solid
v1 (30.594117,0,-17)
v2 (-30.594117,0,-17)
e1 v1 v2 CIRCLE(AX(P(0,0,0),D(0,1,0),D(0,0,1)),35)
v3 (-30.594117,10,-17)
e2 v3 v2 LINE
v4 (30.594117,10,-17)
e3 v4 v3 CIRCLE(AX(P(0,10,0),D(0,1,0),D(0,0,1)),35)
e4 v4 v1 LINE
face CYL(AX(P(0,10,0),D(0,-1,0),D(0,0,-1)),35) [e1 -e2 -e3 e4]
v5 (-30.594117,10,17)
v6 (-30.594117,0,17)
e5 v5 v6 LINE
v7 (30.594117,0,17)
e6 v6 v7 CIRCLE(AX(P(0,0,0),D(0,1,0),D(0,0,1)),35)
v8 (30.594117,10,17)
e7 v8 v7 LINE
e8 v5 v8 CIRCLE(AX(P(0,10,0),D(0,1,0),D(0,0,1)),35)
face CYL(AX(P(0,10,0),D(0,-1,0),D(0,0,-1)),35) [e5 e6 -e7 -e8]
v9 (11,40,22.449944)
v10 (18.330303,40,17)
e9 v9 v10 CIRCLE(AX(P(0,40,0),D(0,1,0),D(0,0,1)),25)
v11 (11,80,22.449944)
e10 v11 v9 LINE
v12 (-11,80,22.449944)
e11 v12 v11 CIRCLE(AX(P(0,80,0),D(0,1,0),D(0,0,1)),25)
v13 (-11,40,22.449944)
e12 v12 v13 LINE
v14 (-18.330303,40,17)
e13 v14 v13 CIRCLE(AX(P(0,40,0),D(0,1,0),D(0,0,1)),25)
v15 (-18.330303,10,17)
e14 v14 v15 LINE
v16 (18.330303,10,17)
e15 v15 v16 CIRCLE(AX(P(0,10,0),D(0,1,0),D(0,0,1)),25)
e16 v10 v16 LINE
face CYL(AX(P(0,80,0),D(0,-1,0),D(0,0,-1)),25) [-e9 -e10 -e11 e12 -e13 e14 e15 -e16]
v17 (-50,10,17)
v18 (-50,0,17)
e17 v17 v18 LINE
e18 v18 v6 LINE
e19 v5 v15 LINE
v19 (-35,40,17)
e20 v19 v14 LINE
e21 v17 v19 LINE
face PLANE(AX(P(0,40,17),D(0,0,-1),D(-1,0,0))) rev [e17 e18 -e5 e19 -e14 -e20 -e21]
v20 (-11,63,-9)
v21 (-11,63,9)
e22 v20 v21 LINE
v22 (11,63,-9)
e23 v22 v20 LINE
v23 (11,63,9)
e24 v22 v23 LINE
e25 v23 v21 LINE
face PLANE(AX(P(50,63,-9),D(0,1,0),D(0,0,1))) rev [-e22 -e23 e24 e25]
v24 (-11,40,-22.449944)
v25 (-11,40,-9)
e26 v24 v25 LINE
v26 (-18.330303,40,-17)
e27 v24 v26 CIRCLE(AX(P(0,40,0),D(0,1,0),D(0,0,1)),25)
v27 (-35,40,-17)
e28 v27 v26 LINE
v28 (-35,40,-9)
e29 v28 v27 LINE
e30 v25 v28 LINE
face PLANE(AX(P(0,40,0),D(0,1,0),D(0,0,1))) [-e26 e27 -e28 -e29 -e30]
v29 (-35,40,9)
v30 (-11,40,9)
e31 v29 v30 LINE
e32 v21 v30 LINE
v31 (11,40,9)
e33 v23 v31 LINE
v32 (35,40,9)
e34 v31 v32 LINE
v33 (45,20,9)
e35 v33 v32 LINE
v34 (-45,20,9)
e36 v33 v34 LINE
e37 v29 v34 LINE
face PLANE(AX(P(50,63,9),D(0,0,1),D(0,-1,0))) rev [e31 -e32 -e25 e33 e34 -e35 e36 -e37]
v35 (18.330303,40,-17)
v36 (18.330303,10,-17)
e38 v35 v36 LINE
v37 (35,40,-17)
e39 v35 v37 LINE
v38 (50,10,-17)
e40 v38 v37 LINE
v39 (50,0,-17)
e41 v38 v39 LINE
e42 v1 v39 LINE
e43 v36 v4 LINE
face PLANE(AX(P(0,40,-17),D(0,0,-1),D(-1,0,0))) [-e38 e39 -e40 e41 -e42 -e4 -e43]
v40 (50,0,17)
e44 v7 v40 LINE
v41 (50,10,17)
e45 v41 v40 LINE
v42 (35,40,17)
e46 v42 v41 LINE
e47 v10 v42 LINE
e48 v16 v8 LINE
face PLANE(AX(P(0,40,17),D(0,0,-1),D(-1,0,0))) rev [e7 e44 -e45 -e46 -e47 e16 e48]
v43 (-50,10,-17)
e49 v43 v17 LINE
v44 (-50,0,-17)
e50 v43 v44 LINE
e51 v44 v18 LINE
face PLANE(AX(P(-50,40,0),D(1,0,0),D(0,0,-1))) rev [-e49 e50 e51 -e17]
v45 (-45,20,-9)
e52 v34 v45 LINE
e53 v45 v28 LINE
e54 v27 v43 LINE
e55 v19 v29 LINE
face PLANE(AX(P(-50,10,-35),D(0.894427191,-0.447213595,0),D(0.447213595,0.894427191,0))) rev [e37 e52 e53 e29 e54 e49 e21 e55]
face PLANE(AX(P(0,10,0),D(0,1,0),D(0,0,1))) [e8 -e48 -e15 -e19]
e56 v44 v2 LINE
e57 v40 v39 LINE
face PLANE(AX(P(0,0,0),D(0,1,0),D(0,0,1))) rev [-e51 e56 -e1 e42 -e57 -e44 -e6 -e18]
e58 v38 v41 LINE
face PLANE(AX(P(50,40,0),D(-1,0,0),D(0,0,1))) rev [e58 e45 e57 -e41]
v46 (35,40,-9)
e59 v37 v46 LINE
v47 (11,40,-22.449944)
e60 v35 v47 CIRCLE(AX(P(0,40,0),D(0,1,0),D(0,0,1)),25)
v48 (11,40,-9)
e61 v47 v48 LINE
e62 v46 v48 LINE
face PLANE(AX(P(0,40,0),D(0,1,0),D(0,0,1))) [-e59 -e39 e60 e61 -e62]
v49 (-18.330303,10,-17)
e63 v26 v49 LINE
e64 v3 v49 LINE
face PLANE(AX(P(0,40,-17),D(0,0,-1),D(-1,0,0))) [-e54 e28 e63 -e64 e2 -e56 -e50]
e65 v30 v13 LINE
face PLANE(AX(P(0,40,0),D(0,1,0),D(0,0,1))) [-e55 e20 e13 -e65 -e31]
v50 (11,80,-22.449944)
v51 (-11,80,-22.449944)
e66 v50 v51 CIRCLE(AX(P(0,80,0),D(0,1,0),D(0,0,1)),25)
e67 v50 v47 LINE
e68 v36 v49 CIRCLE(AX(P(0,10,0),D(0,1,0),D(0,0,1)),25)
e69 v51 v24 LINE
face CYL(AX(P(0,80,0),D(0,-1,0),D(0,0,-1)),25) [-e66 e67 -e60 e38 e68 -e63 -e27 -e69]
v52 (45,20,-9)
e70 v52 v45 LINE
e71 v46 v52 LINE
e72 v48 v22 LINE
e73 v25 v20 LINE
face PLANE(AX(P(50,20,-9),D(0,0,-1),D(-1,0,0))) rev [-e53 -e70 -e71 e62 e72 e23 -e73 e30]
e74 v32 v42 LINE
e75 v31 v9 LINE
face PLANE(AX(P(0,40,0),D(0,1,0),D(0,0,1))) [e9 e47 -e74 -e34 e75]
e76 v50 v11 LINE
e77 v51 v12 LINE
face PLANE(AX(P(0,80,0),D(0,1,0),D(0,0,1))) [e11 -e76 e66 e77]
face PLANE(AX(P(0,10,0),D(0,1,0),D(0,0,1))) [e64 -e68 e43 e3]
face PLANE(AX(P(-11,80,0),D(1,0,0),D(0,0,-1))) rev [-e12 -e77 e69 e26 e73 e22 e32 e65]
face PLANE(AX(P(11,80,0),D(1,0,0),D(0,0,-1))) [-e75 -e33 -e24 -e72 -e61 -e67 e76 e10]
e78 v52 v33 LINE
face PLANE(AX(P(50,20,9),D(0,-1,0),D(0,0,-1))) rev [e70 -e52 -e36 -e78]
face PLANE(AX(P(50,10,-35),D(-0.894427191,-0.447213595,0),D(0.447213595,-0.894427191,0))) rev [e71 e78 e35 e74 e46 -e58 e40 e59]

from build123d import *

# Parameters (mm, degrees)
BOSS_EXTRUDE2_DEPTH = 80
BOSS_EXTRUDE3_DEPTH = 10
BOSS_EXTRUDE4_DEPTH = 40
CUT_EXTRUDE1_DEPTH  = 108.721864076
SKETCH3_W           = 18
SKETCH3_H           = 43
CUT_EXTRUDE2_DEPTH  = 133.759180474


with BuildPart() as part:
    # Sketch1 → Boss-Extrude2 (new body)
    with BuildSketch(Plane(origin=(0, 0, 0), x_dir=(1, 0, 0), z_dir=(0, 1, 0))):
        with BuildLine():
            Line((11, 17), (11, 22.449944321))
            ThreePointArc((11, 22.449944321), (0, 25), (-11, 22.449944321))
            Line((-11, 22.449944321), (-11, 17))
            Line((-11, 17), (-11, 9))
            Line((-11, 9), (-11, -9))
            Line((-11, -9), (-11, -17))
            Line((-11, -17), (-11, -22.449944321))
            ThreePointArc((-11, -22.449944321), (0, -25), (11, -22.449944321))
            Line((11, -22.449944321), (11, -17))
            Line((11, -17), (11, -9))
            Line((11, -9), (11, 9))
            Line((11, 9), (11, 17))
        make_face()
    extrude(amount=BOSS_EXTRUDE2_DEPTH)

    # Sketch1<6> → Boss-Extrude3 (add)
    with BuildSketch(Plane(origin=(0, 0, 0), x_dir=(1, 0, 0), z_dir=(0, 1, 0))):
        with BuildLine():
            ThreePointArc((-18.33030278, 17), (0, 25), (18.33030278, 17))
            Line((18.33030278, 17), (30.594117082, 17))
            ThreePointArc((30.594117082, 17), (0, 35), (-30.594117082, 17))
            Line((-30.594117082, 17), (-18.33030278, 17))
        make_face()
        with BuildLine():
            ThreePointArc((18.33030278, -17), (0, -25), (-18.33030278, -17))
            Line((-18.33030278, -17), (-30.594117082, -17))
            ThreePointArc((-30.594117082, -17), (0, -35), (30.594117082, -17))
            Line((30.594117082, -17), (18.33030278, -17))
        make_face()
    extrude(amount=BOSS_EXTRUDE3_DEPTH)

    # Sketch1<9> → Boss-Extrude4 (add)
    with BuildSketch(Plane(origin=(0, 0, 0), x_dir=(1, 0, 0), z_dir=(0, 1, 0))):
        with BuildLine():
            ThreePointArc((18.33030278, 17), (14.916170372, 20.062598571), (11, 22.449944321))
            Line((11, 22.449944321), (11, -22.449944321))
            ThreePointArc((11, -22.449944321), (14.916170372, -20.062598571), (18.33030278, -17))
            Line((18.33030278, -17), (50, -17))
            Line((50, -17), (50, 17))
            Line((50, 17), (18.33030278, 17))
        make_face()
        with BuildLine():
            ThreePointArc((-11, 22.449944321), (-14.916170372, 20.062598571), (-18.33030278, 17))
            Line((-18.33030278, 17), (-50, 17))
            Line((-50, 17), (-50, -17))
            Line((-50, -17), (-18.33030278, -17))
            ThreePointArc((-18.33030278, -17), (-14.916170372, -20.062598571), (-11, -22.449944321))
            Line((-11, -22.449944321), (-11, 22.449944321))
        make_face()
    extrude(amount=BOSS_EXTRUDE4_DEPTH)

    # Sketch2 → Cut-Extrude1 (cut, through all)
    with BuildSketch(Plane.XY.offset(17)):
        Polygon((-50, 10), (-35, 40), (-50, 40), align=None)
        Polygon((50, 10), (35, 40), (50, 40), align=None)
    extrude(amount=-CUT_EXTRUDE1_DEPTH, mode=Mode.SUBTRACT)

    # Sketch3 → Cut-Extrude2 (cut, through all)
    with BuildSketch(Plane.ZY.offset(50)):
        with Locations((0, 41.5)):
            Rectangle(SKETCH3_W, SKETCH3_H)
    extrude(amount=-CUT_EXTRUDE2_DEPTH, mode=Mode.SUBTRACT)


solid = part.part
